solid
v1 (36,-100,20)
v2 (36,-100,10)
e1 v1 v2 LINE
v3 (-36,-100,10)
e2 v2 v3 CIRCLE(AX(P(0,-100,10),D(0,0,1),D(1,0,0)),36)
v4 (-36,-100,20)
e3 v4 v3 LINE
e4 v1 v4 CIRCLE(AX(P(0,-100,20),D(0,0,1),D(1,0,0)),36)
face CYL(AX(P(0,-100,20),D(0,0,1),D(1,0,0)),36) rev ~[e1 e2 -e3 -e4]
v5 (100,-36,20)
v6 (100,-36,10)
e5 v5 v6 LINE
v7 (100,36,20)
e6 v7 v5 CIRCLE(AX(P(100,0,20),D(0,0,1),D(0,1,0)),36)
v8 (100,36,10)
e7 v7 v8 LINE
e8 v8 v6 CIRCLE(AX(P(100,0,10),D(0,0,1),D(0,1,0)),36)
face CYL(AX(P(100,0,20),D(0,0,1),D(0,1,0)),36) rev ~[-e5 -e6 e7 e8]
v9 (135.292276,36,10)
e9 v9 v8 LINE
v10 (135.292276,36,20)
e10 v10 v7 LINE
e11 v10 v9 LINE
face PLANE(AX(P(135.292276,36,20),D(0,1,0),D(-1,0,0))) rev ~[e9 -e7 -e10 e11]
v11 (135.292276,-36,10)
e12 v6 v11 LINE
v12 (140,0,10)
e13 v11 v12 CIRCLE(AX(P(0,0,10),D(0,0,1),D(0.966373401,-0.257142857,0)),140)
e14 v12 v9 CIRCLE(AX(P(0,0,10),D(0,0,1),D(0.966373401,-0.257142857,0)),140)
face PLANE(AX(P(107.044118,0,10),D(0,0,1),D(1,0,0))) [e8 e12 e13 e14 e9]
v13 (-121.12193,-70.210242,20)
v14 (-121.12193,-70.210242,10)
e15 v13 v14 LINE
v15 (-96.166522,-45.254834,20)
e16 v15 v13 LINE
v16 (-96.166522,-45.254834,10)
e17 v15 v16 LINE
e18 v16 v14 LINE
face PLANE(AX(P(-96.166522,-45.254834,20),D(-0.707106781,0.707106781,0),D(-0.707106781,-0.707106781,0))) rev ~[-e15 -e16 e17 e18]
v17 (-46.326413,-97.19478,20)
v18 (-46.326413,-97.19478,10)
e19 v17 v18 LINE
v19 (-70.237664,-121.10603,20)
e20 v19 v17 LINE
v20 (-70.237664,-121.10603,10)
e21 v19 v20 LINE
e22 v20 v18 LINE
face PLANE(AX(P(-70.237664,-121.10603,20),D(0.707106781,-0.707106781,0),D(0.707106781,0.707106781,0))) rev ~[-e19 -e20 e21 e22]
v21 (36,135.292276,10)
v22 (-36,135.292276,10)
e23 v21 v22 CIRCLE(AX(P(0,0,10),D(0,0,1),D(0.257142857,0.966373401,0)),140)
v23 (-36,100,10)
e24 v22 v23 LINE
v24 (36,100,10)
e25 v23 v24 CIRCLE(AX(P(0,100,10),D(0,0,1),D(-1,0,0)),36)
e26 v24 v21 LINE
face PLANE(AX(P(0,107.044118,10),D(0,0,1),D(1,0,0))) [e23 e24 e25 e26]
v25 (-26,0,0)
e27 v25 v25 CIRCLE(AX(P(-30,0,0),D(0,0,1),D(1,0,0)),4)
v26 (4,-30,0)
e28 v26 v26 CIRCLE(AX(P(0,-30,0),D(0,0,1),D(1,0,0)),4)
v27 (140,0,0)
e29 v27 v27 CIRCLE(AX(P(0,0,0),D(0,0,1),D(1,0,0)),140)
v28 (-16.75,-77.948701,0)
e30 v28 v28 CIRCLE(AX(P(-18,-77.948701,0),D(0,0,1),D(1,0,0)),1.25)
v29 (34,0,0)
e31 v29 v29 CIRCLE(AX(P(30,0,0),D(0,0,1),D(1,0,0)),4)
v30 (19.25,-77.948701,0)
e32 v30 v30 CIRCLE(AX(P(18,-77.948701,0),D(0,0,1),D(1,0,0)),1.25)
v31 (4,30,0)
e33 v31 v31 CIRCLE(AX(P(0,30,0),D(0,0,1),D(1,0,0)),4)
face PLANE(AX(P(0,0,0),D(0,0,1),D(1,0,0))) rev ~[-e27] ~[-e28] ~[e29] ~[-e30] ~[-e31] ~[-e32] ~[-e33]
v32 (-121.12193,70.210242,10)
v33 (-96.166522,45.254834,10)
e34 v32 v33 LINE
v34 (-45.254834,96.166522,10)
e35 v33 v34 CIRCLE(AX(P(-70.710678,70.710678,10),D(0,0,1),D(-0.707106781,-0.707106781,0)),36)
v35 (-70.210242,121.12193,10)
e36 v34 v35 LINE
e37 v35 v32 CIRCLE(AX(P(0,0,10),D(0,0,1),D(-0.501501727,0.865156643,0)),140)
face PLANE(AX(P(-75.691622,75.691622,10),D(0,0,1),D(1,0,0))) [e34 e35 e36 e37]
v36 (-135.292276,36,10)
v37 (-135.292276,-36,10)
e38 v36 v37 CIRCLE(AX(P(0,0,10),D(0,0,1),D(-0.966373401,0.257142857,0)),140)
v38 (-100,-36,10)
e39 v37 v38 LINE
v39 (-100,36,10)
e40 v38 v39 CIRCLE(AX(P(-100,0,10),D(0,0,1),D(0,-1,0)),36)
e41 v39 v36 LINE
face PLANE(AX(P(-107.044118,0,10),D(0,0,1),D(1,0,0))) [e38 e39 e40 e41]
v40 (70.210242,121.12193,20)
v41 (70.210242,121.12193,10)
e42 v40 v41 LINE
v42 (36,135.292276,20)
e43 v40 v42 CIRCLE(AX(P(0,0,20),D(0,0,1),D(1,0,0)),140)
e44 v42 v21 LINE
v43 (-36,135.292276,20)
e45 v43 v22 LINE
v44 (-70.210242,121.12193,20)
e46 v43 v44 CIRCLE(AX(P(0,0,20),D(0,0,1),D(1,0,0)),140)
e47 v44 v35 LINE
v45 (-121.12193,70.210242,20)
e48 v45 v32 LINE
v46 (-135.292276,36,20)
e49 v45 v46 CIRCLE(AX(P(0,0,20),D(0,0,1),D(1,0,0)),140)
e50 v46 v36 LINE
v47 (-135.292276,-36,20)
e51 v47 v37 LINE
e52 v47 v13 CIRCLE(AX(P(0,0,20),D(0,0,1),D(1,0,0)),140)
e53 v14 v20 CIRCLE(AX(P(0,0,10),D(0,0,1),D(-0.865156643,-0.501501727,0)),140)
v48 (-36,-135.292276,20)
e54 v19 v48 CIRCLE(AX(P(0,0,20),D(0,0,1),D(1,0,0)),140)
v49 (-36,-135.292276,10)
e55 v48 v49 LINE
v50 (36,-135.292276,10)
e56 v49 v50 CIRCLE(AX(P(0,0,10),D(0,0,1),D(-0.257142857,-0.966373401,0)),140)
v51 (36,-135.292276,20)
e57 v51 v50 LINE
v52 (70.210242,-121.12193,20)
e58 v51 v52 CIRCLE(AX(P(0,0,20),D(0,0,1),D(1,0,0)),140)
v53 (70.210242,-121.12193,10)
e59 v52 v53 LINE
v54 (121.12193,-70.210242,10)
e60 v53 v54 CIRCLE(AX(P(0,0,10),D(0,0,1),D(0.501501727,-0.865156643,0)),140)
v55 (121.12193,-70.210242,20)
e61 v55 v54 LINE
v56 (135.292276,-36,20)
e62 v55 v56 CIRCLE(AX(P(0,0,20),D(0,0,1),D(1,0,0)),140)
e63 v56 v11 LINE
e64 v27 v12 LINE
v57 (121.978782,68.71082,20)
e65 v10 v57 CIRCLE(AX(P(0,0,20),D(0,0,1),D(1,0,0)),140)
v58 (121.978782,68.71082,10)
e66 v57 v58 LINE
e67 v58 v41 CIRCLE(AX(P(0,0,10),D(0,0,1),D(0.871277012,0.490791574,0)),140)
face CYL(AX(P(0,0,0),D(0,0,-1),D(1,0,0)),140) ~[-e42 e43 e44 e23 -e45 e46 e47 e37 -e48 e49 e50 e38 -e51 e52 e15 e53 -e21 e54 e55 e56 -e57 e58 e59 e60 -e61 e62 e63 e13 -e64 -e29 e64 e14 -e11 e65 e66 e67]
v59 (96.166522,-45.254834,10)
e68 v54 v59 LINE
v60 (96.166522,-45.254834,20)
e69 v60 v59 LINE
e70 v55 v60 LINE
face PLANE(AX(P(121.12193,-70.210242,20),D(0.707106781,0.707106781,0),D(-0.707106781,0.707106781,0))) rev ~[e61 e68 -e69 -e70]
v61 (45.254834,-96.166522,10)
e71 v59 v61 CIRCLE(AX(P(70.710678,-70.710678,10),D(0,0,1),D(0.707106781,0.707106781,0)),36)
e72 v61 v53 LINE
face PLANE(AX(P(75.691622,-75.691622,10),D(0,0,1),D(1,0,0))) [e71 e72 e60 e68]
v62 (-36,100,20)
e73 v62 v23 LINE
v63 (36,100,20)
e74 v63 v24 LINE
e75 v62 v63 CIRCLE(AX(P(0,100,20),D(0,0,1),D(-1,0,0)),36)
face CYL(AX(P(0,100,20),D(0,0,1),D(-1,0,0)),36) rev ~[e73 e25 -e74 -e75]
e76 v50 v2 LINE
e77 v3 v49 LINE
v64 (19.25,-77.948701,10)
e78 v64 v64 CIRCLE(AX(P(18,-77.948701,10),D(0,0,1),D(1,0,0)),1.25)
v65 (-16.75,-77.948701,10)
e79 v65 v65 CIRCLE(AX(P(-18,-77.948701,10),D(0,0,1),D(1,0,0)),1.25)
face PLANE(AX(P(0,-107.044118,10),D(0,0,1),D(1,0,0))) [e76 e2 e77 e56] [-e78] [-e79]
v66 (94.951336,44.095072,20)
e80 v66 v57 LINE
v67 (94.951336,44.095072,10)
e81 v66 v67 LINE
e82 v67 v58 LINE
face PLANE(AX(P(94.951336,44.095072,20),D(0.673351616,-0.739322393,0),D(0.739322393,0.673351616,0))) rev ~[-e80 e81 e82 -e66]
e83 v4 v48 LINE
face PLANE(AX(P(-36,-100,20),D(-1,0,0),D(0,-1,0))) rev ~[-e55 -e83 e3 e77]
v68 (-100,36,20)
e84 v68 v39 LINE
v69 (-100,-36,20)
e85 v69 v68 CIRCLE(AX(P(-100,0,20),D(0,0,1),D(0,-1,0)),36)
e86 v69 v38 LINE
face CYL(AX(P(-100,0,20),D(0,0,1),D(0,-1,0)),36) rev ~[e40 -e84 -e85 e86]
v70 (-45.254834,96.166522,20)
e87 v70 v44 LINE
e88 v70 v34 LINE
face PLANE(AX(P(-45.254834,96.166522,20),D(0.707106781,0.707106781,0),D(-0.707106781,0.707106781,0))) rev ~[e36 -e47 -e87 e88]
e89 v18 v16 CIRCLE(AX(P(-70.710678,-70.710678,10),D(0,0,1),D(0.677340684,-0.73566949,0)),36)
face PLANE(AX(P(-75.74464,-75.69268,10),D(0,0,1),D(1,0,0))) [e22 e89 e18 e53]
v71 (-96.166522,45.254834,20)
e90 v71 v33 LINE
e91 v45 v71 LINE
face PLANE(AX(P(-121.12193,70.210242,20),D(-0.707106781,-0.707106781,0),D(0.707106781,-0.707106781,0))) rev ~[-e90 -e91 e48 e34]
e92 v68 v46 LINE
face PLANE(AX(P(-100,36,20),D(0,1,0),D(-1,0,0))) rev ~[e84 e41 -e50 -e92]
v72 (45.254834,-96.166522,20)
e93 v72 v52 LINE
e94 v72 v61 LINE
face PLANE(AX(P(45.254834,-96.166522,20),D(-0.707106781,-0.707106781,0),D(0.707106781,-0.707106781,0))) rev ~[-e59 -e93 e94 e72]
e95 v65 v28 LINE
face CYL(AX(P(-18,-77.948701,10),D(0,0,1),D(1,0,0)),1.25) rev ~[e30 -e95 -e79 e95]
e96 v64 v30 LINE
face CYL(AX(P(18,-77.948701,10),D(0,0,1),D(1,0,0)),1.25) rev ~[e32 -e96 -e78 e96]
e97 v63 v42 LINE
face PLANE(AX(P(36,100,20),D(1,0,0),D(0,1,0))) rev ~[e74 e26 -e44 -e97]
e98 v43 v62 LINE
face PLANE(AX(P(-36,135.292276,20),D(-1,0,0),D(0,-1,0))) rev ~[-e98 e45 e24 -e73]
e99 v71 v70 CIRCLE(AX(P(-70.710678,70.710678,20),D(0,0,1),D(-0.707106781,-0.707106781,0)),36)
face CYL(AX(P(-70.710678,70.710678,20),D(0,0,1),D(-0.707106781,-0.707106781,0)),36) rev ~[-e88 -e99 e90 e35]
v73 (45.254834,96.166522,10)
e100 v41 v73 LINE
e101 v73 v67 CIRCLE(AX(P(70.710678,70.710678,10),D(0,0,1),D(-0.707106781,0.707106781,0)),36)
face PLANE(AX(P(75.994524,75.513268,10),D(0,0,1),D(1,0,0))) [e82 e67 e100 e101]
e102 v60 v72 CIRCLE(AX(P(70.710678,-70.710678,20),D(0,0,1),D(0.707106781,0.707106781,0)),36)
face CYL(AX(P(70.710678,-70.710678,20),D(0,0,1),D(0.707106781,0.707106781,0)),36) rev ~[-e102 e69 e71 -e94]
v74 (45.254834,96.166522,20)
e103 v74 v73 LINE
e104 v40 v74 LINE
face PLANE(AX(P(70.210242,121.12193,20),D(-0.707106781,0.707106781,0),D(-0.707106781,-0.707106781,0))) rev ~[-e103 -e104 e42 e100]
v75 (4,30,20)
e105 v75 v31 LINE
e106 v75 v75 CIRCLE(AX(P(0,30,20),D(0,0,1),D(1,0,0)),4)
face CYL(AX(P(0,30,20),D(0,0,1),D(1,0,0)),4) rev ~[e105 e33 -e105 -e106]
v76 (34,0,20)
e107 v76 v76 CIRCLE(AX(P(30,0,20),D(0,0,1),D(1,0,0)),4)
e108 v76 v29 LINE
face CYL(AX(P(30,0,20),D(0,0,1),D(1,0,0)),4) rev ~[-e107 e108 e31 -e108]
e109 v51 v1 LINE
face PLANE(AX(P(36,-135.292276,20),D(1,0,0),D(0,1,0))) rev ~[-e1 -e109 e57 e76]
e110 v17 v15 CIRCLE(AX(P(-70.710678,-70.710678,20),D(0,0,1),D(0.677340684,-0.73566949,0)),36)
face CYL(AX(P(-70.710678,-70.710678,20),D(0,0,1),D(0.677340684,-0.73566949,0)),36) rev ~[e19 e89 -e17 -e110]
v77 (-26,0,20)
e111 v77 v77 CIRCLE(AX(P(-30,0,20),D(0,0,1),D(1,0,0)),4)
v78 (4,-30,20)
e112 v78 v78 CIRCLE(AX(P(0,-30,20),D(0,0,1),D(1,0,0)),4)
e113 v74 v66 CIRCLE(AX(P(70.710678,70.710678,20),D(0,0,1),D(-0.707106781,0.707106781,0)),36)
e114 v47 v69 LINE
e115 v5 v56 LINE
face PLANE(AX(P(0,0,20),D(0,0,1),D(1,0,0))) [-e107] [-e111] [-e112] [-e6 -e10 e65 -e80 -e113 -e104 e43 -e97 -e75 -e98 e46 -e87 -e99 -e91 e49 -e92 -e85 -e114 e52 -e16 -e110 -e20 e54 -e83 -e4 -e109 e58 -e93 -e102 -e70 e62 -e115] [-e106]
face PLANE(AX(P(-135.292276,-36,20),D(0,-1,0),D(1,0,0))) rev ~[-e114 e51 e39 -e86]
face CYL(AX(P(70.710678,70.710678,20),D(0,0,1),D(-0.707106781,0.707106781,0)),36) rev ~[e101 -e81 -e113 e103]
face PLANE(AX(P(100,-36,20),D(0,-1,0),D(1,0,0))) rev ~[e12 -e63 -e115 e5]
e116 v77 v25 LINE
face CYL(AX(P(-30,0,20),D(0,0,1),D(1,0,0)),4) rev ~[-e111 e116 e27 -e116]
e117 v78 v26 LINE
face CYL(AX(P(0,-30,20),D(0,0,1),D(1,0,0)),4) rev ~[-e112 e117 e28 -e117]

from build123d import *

# Parameters (mm, degrees)
F0_R     = 140
F1_DEPTH = 20
F3_DEPTH = 10
F4_R     = 1.25
F5_DEPTH = 10.001
F6_R     = 4
F7_DEPTH = 20.001


with BuildPart() as f1:
    # F0 (on Top) → F1 (new body)
    with BuildSketch(Plane.XY):
        Circle(F0_R)
    extrude(amount=F1_DEPTH)

    # F2 (on face) → F3 (cut)
    with BuildSketch(Plane.XY.offset(20)):
        with BuildLine():
            Line((-36, 135.2922762023), (-36, 100))
            ThreePointArc((-36, 100), (0, 64), (36, 100))
            Line((36, 100), (36, 135.2922762023))
            ThreePointArc((36, 135.2922762023), (0, 140), (-36, 135.2922762023))
        make_face()
        with BuildLine():
            Line((70.2102418221, 121.1219300675), (45.2548339959, 96.1665222414))
            ThreePointArc((45.2548339959, 96.1665222414), (44.6678642757, 45.8556615799), (94.9513362933, 44.0950719587))
            Line((94.9513362933, 44.0950719587), (121.9787816378, 68.7108203281))
            ThreePointArc((121.9787816378, 68.7108203281), (99.6036459707, 98.382486802), (70.2102418221, 121.1219300675))
        make_face()
        with BuildLine():
            Line((-70.2376639838, -121.1060302301), (-46.3264134966, -97.1947797428))
            ThreePointArc((-46.3264134966, -97.1947797428), (-44.7351788606, -45.7853207833), (-96.1665222414, -45.2548339959))
            Line((-96.1665222414, -45.2548339959), (-121.1219300675, -70.2102418221))
            ThreePointArc((-121.1219300675, -70.2102418221), (-99.0061557596, -98.9837417039), (-70.2376639838, -121.1060302301))
        make_face()
        with BuildLine():
            Line((135.2922762023, 36), (100, 36))
            ThreePointArc((100, 36), (64, 0), (100, -36))
            Line((100, -36), (135.2922762023, -36))
            ThreePointArc((135.2922762023, -36), (140, 0), (135.2922762023, 36))
        make_face()
        with BuildLine():
            Line((-135.2922762023, -36), (-100, -36))
            ThreePointArc((-100, -36), (-64, 0), (-100, 36))
            Line((-100, 36), (-135.2922762023, 36))
            ThreePointArc((-135.2922762023, 36), (-140, 0), (-135.2922762023, -36))
        make_face()
        with BuildLine():
            Line((36, -135.2922762023), (36, -100))
            ThreePointArc((36, -100), (0, -64), (-36, -100))
            Line((-36, -100), (-36, -135.2922762023))
            ThreePointArc((-36, -135.2922762023), (0, -140), (36, -135.2922762023))
        make_face()
        with BuildLine():
            Line((121.1219300675, -70.2102418221), (96.1665222414, -45.2548339959))
            ThreePointArc((96.1665222414, -45.2548339959), (45.2548339959, -45.2548339959), (45.2548339959, -96.1665222414))
            Line((45.2548339959, -96.1665222414), (70.2102418221, -121.1219300675))
            ThreePointArc((70.2102418221, -121.1219300675), (98.9949493661, -98.9949493661), (121.1219300675, -70.2102418221))
        make_face()
        with BuildLine():
            Line((-121.1219300675, 70.2102418221), (-96.1665222414, 45.2548339959))
            ThreePointArc((-96.1665222414, 45.2548339959), (-45.2548339959, 45.2548339959), (-45.2548339959, 96.1665222414))
            Line((-45.2548339959, 96.1665222414), (-70.2102418221, 121.1219300675))
            ThreePointArc((-70.2102418221, 121.1219300675), (-98.9949493661, 98.9949493661), (-121.1219300675, 70.2102418221))
        make_face()
    extrude(amount=-F3_DEPTH, mode=Mode.SUBTRACT)

    # F4 (on face) → F5 (cut, through all)
    with BuildSketch(Plane.XY.offset(10)):
        with Locations((-18, -77.9487010796)):
            Circle(F4_R)
        with Locations((18, -77.9487010796)):
            Circle(F4_R)
    extrude(amount=-F5_DEPTH, mode=Mode.SUBTRACT)

    # F6 (on face) → F7 (cut, through all)
    with BuildSketch(Plane.XY.offset(20)):
        with Locations((30, 0)):
            Circle(F6_R)
        with Locations((0, -30)):
            Circle(F6_R)
        with Locations((-30, 0)):
            Circle(F6_R)
        with Locations((0, 30)):
            Circle(F6_R)
    extrude(amount=-F7_DEPTH, mode=Mode.SUBTRACT)


solid = f1.part
